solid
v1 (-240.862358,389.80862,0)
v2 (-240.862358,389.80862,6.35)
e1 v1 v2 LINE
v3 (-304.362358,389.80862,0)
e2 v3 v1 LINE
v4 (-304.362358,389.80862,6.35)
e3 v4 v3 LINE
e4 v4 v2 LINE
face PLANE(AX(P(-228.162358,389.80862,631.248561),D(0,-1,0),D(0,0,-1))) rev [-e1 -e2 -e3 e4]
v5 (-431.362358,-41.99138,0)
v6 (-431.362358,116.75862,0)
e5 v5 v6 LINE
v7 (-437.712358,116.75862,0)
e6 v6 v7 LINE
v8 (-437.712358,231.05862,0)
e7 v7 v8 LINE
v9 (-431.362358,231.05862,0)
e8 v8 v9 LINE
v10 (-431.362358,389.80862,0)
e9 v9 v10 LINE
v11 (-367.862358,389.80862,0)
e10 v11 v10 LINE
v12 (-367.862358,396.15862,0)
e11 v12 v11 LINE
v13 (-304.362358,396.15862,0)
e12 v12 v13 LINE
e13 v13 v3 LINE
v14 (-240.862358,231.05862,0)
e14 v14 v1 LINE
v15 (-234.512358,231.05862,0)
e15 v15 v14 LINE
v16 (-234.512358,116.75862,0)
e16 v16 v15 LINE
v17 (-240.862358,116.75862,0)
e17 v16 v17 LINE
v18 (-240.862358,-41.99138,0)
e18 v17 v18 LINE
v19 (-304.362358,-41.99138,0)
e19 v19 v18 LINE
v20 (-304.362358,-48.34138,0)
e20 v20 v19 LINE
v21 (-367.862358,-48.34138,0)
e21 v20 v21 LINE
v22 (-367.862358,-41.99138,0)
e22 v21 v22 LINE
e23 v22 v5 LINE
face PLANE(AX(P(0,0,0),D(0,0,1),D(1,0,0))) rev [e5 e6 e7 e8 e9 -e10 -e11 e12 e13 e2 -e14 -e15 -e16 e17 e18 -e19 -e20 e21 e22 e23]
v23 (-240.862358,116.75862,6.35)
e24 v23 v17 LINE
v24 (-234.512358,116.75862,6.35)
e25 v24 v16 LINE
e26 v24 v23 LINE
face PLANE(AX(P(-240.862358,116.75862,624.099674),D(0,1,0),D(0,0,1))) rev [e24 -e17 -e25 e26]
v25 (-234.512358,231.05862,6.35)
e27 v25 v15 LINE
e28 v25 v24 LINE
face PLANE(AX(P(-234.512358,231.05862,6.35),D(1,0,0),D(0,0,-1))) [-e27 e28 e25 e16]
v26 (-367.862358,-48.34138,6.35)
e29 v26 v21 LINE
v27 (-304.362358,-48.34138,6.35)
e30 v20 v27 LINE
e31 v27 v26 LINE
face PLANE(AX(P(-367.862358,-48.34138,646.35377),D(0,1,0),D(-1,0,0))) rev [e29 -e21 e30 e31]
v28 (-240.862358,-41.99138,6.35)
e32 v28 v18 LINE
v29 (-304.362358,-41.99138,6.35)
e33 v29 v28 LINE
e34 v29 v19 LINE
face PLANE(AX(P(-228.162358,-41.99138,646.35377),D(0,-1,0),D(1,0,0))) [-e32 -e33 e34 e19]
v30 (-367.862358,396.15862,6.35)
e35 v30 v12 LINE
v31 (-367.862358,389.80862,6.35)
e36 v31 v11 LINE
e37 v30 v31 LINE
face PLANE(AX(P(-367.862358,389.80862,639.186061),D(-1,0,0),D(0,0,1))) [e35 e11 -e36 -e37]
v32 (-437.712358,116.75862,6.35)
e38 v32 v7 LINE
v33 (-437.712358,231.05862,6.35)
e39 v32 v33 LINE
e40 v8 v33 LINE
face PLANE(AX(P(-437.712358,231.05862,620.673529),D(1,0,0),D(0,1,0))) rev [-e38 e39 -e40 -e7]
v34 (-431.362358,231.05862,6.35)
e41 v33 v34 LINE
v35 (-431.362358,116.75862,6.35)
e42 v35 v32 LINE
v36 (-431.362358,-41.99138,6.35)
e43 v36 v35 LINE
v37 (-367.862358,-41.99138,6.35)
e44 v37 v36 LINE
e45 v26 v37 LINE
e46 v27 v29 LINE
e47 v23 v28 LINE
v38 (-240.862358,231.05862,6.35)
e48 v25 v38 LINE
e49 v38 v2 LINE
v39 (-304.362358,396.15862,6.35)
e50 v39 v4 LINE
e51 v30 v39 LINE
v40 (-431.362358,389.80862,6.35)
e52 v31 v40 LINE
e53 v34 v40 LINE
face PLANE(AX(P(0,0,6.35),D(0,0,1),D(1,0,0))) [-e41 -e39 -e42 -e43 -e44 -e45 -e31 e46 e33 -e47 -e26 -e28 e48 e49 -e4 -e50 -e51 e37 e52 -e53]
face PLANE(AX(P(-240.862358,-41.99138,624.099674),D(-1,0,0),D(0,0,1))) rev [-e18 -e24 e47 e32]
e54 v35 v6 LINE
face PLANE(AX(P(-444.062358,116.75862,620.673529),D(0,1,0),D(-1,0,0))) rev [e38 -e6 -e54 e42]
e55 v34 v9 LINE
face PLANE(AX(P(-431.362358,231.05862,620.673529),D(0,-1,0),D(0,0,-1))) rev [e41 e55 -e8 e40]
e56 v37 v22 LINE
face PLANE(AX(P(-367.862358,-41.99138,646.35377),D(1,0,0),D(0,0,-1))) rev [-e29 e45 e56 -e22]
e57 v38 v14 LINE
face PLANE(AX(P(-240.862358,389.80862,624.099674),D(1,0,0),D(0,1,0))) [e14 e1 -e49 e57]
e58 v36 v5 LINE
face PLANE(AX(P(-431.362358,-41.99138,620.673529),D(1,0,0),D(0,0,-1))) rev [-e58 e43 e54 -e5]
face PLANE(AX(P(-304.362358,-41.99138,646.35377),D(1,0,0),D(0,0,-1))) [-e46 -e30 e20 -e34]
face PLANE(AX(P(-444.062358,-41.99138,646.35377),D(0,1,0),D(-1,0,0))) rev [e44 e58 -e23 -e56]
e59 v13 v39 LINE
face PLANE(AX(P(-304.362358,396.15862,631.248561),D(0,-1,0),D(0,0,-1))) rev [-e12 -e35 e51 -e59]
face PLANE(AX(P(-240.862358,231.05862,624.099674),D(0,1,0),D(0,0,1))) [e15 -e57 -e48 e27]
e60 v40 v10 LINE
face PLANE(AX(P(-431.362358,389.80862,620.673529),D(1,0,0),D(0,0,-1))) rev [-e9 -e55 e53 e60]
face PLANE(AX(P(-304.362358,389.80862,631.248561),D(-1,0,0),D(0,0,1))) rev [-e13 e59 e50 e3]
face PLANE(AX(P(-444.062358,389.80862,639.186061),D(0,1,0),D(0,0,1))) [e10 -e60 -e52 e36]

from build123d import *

# Parameters (mm, degrees)
SKETCH1_W                = 215.9
SKETCH1_H                = 457.2
BOSS_EXTRUDE1_DEPTH      = 6.35
CUT_EXTRUDE1_DEPTH       = 1
CUT_EXTRUDE1_DEPTH_BACK  = 7.35
CUT_EXTRUDE2_DEPTH       = 1
CUT_EXTRUDE2_DEPTH_BACK  = 7.35
CUT_EXTRUDE3_DEPTH       = 1
CUT_EXTRUDE3_DEPTH_BACK  = 7.35
CUT_EXTRUDE4_DEPTH       = 1
CUT_EXTRUDE4_DEPTH_BACK  = 7.35
CUT_EXTRUDE6_DEPTH       = 1
CUT_EXTRUDE6_DEPTH_BACK  = 7.35
CUT_EXTRUDE7_DEPTH       = 1
CUT_EXTRUDE7_DEPTH_BACK  = 7.35
CUT_EXTRUDE9_DEPTH       = 1
CUT_EXTRUDE9_DEPTH_BACK  = 7.35
CUT_EXTRUDE12_DEPTH      = 1
CUT_EXTRUDE12_DEPTH_BACK = 7.35
CUT_EXTRUDE13_DEPTH      = 7.35
CUT_EXTRUDE14_DEPTH      = 1
CUT_EXTRUDE14_DEPTH_BACK = 7.35
CUT_EXTRUDE15_DEPTH      = 1
CUT_EXTRUDE15_DEPTH_BACK = 7.35
CUT_EXTRUDE16_DEPTH      = 1
CUT_EXTRUDE16_DEPTH_BACK = 7.35


with BuildPart() as part:
    # Sketch1 → Boss-Extrude1 (new body)
    with BuildSketch(Plane.XY):
        with Locations((-336.112358352, 173.908620123)):
            Rectangle(SKETCH1_W, SKETCH1_H)
    extrude(amount=BOSS_EXTRUDE1_DEPTH)

    # Sketch3 → Cut-Extrude1 (cut, two sides)
    with BuildSketch(Plane.XY.offset(6.35)) as cut_extrude1_sk:
        Polygon((-1442.380242436, -41.991379877), (-444.062358352, -41.991379877), (-367.862358352, -41.991379877), (-367.862358352, -54.691379877), (-367.862358352, -1053.009263961), (-1736.075705676, -2507.15733996), (-2810.59358976, -1496.139455876), align=None)
    extrude(amount=CUT_EXTRUDE1_DEPTH, mode=Mode.SUBTRACT)
    extrude(cut_extrude1_sk.sketch, amount=-CUT_EXTRUDE1_DEPTH_BACK, mode=Mode.SUBTRACT)

    # Sketch4 → Cut-Extrude2 (cut, two sides)
    with BuildSketch(Plane.XY.offset(6.35)) as cut_extrude2_sk:
        Polygon((770.155525732, -41.991379877), (-228.162358352, -41.991379877), (-304.362358352, -41.991379877), (-304.362358352, -54.691379877), (-304.362358352, -1053.009263961), (1063.850988971, -2507.15733996), (2138.368873055, -1496.139455876), align=None)
    extrude(amount=CUT_EXTRUDE2_DEPTH, mode=Mode.SUBTRACT)
    extrude(cut_extrude2_sk.sketch, amount=-CUT_EXTRUDE2_DEPTH_BACK, mode=Mode.SUBTRACT)

    # Sketch5 → Cut-Extrude3 (cut, two sides)
    with BuildSketch(Plane.XY.offset(6.35)) as cut_extrude3_sk:
        Polygon((-1321.857723807, -48.341379877), (-367.862358352, -48.341379877), (-304.362358352, -48.341379877), (649.633007102, -48.341379877), (649.633007102, -1956.332110786), (-1321.857723807, -1956.332110786), align=None)
    extrude(amount=CUT_EXTRUDE3_DEPTH, mode=Mode.SUBTRACT)
    extrude(cut_extrude3_sk.sketch, amount=-CUT_EXTRUDE3_DEPTH_BACK, mode=Mode.SUBTRACT)

    # Sketch6 → Cut-Extrude4 (cut, two sides)
    with BuildSketch(Plane.XY.offset(6.35)) as cut_extrude4_sk:
        Polygon((-1430.972246725, 389.808620123), (-444.062358352, 389.808620123), (-367.862358352, 389.808620123), (-367.862358352, 402.508620123), (-367.862358352, 1389.418508496), (-1719.957069161, 2827.404740722), (-2783.066957534, 1827.79485235), align=None)
    extrude(amount=CUT_EXTRUDE4_DEPTH, mode=Mode.SUBTRACT)
    extrude(cut_extrude4_sk.sketch, amount=-CUT_EXTRUDE4_DEPTH_BACK, mode=Mode.SUBTRACT)

    # Sketch7 → Cut-Extrude6 (cut, two sides)
    with BuildSketch(Plane.XY.offset(6.35)) as cut_extrude6_sk:
        Polygon((758.74753002, 389.808620123), (-228.162358352, 389.808620123), (-304.362358352, 389.808620123), (-304.362358352, 402.508620123), (-304.362358352, 1389.418508496), (1047.732352456, 2827.404740722), (2110.842240829, 1827.79485235), align=None)
    extrude(amount=CUT_EXTRUDE6_DEPTH, mode=Mode.SUBTRACT)
    extrude(cut_extrude6_sk.sketch, amount=-CUT_EXTRUDE6_DEPTH_BACK, mode=Mode.SUBTRACT)

    # Sketch8 → Cut-Extrude7 (cut, two sides)
    with BuildSketch(Plane.XY.offset(6.35)) as cut_extrude7_sk:
        Polygon((637.509607102, 396.158620123), (-304.362358352, 396.158620123), (-367.862358352, 396.158620123), (-1309.734323807, 396.158620123), (-1309.734323807, 2279.902551032), (637.509607102, 2279.902551032), align=None)
    extrude(amount=CUT_EXTRUDE7_DEPTH, mode=Mode.SUBTRACT)
    extrude(cut_extrude7_sk.sketch, amount=-CUT_EXTRUDE7_DEPTH_BACK, mode=Mode.SUBTRACT)

    # Sketch9 → Cut-Extrude9 (cut, two sides)
    with BuildSketch(Plane.XY.offset(6.35)) as cut_extrude9_sk:
        Polygon((-240.862358352, -1017.943060863), (-240.862358352, -41.991379877), (-240.862358352, 116.758620123), (-228.162358352, 116.758620123), (747.789322634, 116.758620123), (2219.450453951, -1165.481704095), (1230.798772964, -2300.183385081), align=None)
    extrude(amount=CUT_EXTRUDE9_DEPTH, mode=Mode.SUBTRACT)
    extrude(cut_extrude9_sk.sketch, amount=-CUT_EXTRUDE9_DEPTH_BACK, mode=Mode.SUBTRACT)

    # Sketch10 → Cut-Extrude12 (cut, two sides)
    with BuildSketch(Plane.XY.offset(6.35)) as cut_extrude12_sk:
        Polygon((-240.862358352, 1365.760301109), (-240.862358352, 389.808620123), (-240.862358352, 231.058620123), (-228.162358352, 231.058620123), (747.789322634, 231.058620123), (2219.450453951, 1513.298944341), (1230.798772964, 2648.000625327), align=None)
    extrude(amount=CUT_EXTRUDE12_DEPTH, mode=Mode.SUBTRACT)
    extrude(cut_extrude12_sk.sketch, amount=-CUT_EXTRUDE12_DEPTH_BACK, mode=Mode.SUBTRACT)

    # Sketch12 → Cut-Extrude13 (cut, through all)
    with BuildSketch(Plane.XY.offset(6.35)):
        Polygon((-234.512358352, 939.558620123), (-234.512358352, 231.058620123), (-234.512358352, 116.758620123), (-234.512358352, -591.741379877), (1182.487641648, -591.741379877), (1182.487641648, 939.558620123), align=None)
    extrude(amount=-CUT_EXTRUDE13_DEPTH, mode=Mode.SUBTRACT)

    # Sketch13 → Cut-Extrude14 (cut, two sides)
    with BuildSketch(Plane.XY.offset(6.35)) as cut_extrude14_sk:
        Polygon((-431.362358352, -1012.66894285), (-431.362358352, -41.991379877), (-431.362358352, 116.758620123), (-444.062358352, 116.758620123), (-1414.739921325, 116.758620123), (-2878.883865855, -1158.052046108), (-1895.506302882, -2287.479609081), align=None)
    extrude(amount=CUT_EXTRUDE14_DEPTH, mode=Mode.SUBTRACT)
    extrude(cut_extrude14_sk.sketch, amount=-CUT_EXTRUDE14_DEPTH_BACK, mode=Mode.SUBTRACT)

    # Sketch14 → Cut-Extrude15 (cut, two sides)
    with BuildSketch(Plane.XY.offset(6.35)) as cut_extrude15_sk:
        Polygon((-431.362358352, 1360.486183096), (-431.362358352, 389.808620123), (-431.362358352, 231.058620123), (-444.062358352, 231.058620123), (-1414.739921325, 231.058620123), (-2878.883865855, 1505.869286354), (-1895.506302882, 2635.296849327), align=None)
    extrude(amount=CUT_EXTRUDE15_DEPTH, mode=Mode.SUBTRACT)
    extrude(cut_extrude15_sk.sketch, amount=-CUT_EXTRUDE15_DEPTH_BACK, mode=Mode.SUBTRACT)

    # Sketch16 → Cut-Extrude16 (cut, two sides)
    with BuildSketch(Plane.XY.offset(6.35)) as cut_extrude16_sk:
        Polygon((-437.712358352, 932.013321967), (-437.712358352, 231.058620123), (-437.712358352, 116.758620123), (-437.712358352, -584.196081721), (-1839.62176204, -584.196081721), (-1839.62176204, 932.013321967), align=None)
    extrude(amount=CUT_EXTRUDE16_DEPTH, mode=Mode.SUBTRACT)
    extrude(cut_extrude16_sk.sketch, amount=-CUT_EXTRUDE16_DEPTH_BACK, mode=Mode.SUBTRACT)


solid = part.part
